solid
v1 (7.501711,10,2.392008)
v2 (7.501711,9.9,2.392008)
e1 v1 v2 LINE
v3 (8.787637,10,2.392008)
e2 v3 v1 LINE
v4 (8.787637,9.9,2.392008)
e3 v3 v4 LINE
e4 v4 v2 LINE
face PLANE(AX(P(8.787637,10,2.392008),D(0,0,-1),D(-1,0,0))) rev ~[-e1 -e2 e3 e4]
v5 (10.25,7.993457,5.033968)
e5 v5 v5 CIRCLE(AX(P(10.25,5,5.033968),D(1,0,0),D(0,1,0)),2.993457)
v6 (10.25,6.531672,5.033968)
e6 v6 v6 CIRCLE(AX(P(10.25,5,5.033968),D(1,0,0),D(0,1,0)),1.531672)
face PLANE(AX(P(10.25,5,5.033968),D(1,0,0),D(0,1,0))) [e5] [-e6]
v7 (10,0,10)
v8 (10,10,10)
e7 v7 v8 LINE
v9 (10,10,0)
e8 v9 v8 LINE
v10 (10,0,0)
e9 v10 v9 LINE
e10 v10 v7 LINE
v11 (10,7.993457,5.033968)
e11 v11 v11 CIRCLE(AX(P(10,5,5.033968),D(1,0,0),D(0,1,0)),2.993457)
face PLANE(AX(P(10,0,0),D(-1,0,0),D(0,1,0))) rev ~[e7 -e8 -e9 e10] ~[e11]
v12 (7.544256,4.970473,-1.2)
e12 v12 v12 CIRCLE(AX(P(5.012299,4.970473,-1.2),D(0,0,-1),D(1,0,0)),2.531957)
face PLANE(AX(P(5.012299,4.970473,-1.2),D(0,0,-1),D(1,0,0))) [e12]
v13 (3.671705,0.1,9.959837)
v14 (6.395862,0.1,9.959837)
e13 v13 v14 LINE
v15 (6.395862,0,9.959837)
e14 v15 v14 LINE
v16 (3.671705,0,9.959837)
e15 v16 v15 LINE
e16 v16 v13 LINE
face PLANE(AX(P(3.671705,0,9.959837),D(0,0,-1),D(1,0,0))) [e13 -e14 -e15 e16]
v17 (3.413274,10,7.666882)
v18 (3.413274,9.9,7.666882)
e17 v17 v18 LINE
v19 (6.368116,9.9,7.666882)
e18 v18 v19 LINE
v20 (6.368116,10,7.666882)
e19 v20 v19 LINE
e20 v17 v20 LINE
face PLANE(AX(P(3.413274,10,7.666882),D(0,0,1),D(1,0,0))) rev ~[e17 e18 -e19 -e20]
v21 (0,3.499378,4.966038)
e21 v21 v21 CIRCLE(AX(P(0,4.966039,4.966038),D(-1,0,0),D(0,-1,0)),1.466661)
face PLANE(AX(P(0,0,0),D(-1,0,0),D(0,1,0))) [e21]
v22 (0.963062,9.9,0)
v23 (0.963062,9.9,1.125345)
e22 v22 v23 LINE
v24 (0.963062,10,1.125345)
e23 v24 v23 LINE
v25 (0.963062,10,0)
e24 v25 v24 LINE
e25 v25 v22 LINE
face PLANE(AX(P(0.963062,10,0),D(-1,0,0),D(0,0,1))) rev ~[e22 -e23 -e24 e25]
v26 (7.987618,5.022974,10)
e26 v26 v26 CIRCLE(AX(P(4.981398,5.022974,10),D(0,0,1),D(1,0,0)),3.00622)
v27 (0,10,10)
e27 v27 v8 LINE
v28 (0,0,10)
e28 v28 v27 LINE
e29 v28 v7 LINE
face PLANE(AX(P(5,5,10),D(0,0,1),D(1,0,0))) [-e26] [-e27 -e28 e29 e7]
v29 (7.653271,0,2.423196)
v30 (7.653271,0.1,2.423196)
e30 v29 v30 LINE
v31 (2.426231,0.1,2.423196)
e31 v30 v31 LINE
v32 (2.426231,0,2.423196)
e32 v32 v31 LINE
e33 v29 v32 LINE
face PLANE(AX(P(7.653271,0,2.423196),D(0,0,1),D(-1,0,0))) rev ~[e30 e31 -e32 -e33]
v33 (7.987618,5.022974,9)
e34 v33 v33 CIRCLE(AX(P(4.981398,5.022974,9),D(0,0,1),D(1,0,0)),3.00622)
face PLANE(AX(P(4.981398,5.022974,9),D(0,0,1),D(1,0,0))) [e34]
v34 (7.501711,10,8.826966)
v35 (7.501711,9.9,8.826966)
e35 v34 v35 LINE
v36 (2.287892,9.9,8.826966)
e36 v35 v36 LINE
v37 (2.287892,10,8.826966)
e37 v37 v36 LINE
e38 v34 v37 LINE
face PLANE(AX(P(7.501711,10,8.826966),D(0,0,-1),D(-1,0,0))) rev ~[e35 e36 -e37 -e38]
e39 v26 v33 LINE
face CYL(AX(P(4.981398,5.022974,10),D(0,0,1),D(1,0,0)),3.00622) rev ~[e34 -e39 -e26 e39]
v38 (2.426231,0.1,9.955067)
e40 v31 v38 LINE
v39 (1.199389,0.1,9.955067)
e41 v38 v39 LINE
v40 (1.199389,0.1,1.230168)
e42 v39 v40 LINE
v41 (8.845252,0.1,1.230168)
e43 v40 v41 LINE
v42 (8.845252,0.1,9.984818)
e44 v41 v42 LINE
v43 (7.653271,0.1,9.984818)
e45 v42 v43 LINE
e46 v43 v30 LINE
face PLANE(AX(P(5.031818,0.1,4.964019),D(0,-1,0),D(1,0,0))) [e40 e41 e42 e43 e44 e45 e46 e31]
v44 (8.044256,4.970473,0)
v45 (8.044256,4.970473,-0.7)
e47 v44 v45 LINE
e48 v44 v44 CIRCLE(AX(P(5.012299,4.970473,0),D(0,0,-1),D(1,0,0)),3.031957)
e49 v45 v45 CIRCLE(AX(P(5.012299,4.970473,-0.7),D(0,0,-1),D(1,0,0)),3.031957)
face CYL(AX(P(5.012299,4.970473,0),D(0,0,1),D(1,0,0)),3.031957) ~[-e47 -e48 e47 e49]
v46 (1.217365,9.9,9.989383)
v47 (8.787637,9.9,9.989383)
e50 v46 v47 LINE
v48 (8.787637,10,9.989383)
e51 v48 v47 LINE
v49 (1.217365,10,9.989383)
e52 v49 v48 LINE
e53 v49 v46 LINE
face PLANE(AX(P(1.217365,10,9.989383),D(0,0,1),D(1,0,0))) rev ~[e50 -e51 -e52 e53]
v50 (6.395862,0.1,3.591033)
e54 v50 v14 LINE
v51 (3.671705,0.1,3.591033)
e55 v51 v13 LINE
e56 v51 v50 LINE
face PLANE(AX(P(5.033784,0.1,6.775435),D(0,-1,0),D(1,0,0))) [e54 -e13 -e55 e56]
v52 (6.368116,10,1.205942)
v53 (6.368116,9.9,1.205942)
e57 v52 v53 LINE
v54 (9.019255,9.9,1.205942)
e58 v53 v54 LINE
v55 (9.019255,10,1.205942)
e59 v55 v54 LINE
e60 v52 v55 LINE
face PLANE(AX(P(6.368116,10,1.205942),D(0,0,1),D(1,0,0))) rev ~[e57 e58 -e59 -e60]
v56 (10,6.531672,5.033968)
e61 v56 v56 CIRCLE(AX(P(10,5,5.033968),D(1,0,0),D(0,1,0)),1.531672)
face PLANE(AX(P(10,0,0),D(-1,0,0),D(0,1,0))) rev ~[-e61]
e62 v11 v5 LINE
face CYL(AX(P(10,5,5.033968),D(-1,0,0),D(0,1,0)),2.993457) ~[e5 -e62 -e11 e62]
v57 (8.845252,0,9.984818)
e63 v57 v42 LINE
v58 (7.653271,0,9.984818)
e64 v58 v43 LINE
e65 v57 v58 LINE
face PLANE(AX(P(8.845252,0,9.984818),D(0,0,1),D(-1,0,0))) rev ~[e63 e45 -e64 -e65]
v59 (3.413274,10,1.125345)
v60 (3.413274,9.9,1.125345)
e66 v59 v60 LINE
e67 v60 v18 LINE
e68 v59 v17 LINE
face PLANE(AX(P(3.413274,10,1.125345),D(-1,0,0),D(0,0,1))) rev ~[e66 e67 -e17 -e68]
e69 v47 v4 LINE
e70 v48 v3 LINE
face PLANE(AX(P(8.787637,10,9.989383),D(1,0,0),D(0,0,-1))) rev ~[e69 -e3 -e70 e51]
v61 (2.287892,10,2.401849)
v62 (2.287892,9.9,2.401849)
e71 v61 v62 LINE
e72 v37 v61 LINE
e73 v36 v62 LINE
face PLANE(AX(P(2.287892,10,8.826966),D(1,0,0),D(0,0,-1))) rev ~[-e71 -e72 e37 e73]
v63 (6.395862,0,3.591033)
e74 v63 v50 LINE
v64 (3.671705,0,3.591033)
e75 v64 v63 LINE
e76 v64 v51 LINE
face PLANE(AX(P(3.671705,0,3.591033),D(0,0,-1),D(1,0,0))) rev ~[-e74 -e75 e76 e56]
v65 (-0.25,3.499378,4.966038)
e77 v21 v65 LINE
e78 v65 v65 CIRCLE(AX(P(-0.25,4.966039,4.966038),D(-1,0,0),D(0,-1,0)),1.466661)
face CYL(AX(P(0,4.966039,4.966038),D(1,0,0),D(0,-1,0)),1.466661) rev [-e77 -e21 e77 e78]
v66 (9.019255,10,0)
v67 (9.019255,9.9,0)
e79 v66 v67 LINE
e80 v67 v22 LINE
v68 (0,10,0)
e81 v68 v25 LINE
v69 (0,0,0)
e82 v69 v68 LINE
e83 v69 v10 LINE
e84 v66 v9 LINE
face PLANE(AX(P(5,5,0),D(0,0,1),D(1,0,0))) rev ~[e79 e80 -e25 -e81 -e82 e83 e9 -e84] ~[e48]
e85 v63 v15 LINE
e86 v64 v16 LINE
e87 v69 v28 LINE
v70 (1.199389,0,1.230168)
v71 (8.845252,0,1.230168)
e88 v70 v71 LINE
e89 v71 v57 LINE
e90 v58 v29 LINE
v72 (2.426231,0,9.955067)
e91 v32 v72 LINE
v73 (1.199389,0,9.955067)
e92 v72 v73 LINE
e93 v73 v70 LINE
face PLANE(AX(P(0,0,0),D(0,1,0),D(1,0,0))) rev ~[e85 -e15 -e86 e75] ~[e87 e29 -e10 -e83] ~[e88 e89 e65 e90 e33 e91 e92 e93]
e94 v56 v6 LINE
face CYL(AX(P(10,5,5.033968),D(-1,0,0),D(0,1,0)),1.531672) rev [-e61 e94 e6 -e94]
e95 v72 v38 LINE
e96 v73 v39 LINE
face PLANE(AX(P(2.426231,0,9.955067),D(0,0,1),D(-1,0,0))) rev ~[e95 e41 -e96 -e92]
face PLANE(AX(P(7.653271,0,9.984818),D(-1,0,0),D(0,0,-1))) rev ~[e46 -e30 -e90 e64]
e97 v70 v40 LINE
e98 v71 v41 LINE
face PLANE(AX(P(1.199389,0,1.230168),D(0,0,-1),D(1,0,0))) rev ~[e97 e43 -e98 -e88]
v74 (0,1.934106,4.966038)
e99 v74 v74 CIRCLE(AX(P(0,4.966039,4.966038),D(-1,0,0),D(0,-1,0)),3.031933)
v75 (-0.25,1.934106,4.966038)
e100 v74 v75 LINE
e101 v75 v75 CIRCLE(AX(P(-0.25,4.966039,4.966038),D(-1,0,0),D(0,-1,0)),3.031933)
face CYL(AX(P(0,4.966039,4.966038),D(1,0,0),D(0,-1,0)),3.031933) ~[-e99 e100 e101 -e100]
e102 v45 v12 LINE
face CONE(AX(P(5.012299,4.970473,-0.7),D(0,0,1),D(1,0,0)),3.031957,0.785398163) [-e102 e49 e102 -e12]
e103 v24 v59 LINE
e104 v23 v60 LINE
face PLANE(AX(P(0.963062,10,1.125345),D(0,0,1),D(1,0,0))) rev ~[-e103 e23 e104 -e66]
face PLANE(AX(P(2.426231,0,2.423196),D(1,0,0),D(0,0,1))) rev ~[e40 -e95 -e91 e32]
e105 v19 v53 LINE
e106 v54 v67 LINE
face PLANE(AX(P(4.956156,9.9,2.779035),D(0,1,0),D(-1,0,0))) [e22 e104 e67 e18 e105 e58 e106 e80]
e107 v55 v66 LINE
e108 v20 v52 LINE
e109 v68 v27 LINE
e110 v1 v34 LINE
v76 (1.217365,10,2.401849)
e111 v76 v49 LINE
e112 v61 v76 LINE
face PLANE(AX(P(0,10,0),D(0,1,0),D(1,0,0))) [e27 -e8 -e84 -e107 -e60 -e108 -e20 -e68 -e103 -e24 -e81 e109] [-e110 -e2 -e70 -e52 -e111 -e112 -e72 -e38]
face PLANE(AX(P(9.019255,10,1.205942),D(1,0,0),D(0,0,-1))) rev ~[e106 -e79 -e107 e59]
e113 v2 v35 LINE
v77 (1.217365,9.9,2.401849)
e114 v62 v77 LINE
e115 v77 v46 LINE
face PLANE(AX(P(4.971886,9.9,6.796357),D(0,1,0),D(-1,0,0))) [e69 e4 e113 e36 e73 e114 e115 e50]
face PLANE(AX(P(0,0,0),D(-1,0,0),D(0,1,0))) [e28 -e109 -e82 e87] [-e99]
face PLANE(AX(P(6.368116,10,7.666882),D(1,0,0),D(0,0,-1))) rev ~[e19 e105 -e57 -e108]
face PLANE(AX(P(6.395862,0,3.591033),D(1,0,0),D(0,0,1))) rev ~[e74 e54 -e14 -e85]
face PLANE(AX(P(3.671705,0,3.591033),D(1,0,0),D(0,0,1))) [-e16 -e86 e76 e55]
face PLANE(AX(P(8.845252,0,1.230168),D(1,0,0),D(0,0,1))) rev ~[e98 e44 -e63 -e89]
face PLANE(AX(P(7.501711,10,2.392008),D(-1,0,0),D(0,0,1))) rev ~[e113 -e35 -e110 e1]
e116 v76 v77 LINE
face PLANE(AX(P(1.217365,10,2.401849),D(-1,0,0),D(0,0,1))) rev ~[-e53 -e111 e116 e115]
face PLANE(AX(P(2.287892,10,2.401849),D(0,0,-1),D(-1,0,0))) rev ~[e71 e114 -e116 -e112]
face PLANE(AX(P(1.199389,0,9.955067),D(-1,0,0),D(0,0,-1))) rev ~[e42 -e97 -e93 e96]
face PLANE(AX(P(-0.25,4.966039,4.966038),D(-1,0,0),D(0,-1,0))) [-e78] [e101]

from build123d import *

# Parameters (mm, degrees)
BOX_W           = 10
BOX_H           = 10
BOX_DEPTH       = 10
SKETCH_R        = 3.031933
SKETCH_R_2      = 1.466661
PAD_DEPTH       = 0.25
SKETCH001_R     = 2.993457
SKETCH001_R_2   = 1.531672
PAD001_DEPTH    = 0.25
SKETCH002_W     = 2.724157
SKETCH002_H     = 6.368804
POCKET_DEPTH    = 0.1
POCKET001_DEPTH = 0.1
SKETCH004_R     = 3.031957
PAD002_DEPTH    = 1.2
CHAMFER_SIZE    = 0.5
SKETCH005_R     = 3.00622
POCKET002_DEPTH = 1


with BuildPart() as part:
    # Box → Box (new body)
    with BuildSketch(Plane.XY):
        with Locations((5, 5)):
            Rectangle(BOX_W, BOX_H)
    extrude(amount=BOX_DEPTH)

    # Sketch → Pad (new body)
    with BuildSketch(Plane(origin=(0, 0, 0), x_dir=(0, -1, 0), z_dir=(-1, 0, 0))):
        with Locations((-4.966039, 4.966038)):
            Circle(SKETCH_R)
        with Locations((-4.966039, 4.966038)):
            Circle(SKETCH_R_2, mode=Mode.SUBTRACT)
    extrude(amount=PAD_DEPTH)

    # Sketch001 → Pad001 (new body)
    with BuildSketch(Plane.YZ.offset(10)):
        with Locations((5, 5.033968)):
            Circle(SKETCH001_R)
        with Locations((5, 5.033968)):
            Circle(SKETCH001_R_2, mode=Mode.SUBTRACT)
    extrude(amount=PAD001_DEPTH)

    # Sketch002 → Pocket (cut)
    with BuildSketch(Plane.XZ):
        Polygon((1.199389, 9.955067), (1.199389, 1.230168), (8.845252, 1.230168), (8.845252, 9.984818), (7.653271, 9.984818), (7.653271, 2.423196), (2.426231, 2.423196), (2.426231, 9.955067), align=None)
        with Locations((5.033784, 6.775435)):
            Rectangle(SKETCH002_W, SKETCH002_H)
    extrude(amount=-POCKET_DEPTH, mode=Mode.SUBTRACT)

    # Sketch003 → Pocket001 (cut)
    with BuildSketch(Plane(origin=(0, 10, 0), x_dir=(-1, 0, 0), z_dir=(0, 1, 0))):
        Polygon((-1.217365, 9.989383), (-8.787637, 9.989383), (-8.787637, 2.392008), (-7.501711, 2.392008), (-7.501711, 8.826966), (-2.287892, 8.826966), (-2.287892, 2.401849), (-1.217365, 2.401849), align=None)
        Polygon((-9.019255, 0), (-0.963062, 0), (-0.963062, 1.125345), (-3.413274, 1.125345), (-3.413274, 7.666882), (-6.368116, 7.666882), (-6.368116, 1.205942), (-9.019255, 1.205942), align=None)
    extrude(amount=-POCKET001_DEPTH, mode=Mode.SUBTRACT)

    # Sketch004 → Pad002 (new body)
    with BuildSketch(Plane(origin=(0, 0, 0), x_dir=(1, 0, 0), z_dir=(0, 0, -1))):
        with Locations((5.012299, -4.970473)):
            Circle(SKETCH004_R)
    extrude(amount=PAD002_DEPTH)

    # Chamfer
    chamfer_edges = [part.edges().sort_by_distance(p)[0] for p in [
        (1.980342, 4.970473, -1.2),
    ]]
    chamfer(chamfer_edges, length=CHAMFER_SIZE)

    # Sketch005 → Pocket002 (cut)
    with BuildSketch(Plane.XY.offset(10)):
        with Locations((4.981398, 5.022974)):
            Circle(SKETCH005_R)
    extrude(amount=-POCKET002_DEPTH, mode=Mode.SUBTRACT)


solid = part.part
